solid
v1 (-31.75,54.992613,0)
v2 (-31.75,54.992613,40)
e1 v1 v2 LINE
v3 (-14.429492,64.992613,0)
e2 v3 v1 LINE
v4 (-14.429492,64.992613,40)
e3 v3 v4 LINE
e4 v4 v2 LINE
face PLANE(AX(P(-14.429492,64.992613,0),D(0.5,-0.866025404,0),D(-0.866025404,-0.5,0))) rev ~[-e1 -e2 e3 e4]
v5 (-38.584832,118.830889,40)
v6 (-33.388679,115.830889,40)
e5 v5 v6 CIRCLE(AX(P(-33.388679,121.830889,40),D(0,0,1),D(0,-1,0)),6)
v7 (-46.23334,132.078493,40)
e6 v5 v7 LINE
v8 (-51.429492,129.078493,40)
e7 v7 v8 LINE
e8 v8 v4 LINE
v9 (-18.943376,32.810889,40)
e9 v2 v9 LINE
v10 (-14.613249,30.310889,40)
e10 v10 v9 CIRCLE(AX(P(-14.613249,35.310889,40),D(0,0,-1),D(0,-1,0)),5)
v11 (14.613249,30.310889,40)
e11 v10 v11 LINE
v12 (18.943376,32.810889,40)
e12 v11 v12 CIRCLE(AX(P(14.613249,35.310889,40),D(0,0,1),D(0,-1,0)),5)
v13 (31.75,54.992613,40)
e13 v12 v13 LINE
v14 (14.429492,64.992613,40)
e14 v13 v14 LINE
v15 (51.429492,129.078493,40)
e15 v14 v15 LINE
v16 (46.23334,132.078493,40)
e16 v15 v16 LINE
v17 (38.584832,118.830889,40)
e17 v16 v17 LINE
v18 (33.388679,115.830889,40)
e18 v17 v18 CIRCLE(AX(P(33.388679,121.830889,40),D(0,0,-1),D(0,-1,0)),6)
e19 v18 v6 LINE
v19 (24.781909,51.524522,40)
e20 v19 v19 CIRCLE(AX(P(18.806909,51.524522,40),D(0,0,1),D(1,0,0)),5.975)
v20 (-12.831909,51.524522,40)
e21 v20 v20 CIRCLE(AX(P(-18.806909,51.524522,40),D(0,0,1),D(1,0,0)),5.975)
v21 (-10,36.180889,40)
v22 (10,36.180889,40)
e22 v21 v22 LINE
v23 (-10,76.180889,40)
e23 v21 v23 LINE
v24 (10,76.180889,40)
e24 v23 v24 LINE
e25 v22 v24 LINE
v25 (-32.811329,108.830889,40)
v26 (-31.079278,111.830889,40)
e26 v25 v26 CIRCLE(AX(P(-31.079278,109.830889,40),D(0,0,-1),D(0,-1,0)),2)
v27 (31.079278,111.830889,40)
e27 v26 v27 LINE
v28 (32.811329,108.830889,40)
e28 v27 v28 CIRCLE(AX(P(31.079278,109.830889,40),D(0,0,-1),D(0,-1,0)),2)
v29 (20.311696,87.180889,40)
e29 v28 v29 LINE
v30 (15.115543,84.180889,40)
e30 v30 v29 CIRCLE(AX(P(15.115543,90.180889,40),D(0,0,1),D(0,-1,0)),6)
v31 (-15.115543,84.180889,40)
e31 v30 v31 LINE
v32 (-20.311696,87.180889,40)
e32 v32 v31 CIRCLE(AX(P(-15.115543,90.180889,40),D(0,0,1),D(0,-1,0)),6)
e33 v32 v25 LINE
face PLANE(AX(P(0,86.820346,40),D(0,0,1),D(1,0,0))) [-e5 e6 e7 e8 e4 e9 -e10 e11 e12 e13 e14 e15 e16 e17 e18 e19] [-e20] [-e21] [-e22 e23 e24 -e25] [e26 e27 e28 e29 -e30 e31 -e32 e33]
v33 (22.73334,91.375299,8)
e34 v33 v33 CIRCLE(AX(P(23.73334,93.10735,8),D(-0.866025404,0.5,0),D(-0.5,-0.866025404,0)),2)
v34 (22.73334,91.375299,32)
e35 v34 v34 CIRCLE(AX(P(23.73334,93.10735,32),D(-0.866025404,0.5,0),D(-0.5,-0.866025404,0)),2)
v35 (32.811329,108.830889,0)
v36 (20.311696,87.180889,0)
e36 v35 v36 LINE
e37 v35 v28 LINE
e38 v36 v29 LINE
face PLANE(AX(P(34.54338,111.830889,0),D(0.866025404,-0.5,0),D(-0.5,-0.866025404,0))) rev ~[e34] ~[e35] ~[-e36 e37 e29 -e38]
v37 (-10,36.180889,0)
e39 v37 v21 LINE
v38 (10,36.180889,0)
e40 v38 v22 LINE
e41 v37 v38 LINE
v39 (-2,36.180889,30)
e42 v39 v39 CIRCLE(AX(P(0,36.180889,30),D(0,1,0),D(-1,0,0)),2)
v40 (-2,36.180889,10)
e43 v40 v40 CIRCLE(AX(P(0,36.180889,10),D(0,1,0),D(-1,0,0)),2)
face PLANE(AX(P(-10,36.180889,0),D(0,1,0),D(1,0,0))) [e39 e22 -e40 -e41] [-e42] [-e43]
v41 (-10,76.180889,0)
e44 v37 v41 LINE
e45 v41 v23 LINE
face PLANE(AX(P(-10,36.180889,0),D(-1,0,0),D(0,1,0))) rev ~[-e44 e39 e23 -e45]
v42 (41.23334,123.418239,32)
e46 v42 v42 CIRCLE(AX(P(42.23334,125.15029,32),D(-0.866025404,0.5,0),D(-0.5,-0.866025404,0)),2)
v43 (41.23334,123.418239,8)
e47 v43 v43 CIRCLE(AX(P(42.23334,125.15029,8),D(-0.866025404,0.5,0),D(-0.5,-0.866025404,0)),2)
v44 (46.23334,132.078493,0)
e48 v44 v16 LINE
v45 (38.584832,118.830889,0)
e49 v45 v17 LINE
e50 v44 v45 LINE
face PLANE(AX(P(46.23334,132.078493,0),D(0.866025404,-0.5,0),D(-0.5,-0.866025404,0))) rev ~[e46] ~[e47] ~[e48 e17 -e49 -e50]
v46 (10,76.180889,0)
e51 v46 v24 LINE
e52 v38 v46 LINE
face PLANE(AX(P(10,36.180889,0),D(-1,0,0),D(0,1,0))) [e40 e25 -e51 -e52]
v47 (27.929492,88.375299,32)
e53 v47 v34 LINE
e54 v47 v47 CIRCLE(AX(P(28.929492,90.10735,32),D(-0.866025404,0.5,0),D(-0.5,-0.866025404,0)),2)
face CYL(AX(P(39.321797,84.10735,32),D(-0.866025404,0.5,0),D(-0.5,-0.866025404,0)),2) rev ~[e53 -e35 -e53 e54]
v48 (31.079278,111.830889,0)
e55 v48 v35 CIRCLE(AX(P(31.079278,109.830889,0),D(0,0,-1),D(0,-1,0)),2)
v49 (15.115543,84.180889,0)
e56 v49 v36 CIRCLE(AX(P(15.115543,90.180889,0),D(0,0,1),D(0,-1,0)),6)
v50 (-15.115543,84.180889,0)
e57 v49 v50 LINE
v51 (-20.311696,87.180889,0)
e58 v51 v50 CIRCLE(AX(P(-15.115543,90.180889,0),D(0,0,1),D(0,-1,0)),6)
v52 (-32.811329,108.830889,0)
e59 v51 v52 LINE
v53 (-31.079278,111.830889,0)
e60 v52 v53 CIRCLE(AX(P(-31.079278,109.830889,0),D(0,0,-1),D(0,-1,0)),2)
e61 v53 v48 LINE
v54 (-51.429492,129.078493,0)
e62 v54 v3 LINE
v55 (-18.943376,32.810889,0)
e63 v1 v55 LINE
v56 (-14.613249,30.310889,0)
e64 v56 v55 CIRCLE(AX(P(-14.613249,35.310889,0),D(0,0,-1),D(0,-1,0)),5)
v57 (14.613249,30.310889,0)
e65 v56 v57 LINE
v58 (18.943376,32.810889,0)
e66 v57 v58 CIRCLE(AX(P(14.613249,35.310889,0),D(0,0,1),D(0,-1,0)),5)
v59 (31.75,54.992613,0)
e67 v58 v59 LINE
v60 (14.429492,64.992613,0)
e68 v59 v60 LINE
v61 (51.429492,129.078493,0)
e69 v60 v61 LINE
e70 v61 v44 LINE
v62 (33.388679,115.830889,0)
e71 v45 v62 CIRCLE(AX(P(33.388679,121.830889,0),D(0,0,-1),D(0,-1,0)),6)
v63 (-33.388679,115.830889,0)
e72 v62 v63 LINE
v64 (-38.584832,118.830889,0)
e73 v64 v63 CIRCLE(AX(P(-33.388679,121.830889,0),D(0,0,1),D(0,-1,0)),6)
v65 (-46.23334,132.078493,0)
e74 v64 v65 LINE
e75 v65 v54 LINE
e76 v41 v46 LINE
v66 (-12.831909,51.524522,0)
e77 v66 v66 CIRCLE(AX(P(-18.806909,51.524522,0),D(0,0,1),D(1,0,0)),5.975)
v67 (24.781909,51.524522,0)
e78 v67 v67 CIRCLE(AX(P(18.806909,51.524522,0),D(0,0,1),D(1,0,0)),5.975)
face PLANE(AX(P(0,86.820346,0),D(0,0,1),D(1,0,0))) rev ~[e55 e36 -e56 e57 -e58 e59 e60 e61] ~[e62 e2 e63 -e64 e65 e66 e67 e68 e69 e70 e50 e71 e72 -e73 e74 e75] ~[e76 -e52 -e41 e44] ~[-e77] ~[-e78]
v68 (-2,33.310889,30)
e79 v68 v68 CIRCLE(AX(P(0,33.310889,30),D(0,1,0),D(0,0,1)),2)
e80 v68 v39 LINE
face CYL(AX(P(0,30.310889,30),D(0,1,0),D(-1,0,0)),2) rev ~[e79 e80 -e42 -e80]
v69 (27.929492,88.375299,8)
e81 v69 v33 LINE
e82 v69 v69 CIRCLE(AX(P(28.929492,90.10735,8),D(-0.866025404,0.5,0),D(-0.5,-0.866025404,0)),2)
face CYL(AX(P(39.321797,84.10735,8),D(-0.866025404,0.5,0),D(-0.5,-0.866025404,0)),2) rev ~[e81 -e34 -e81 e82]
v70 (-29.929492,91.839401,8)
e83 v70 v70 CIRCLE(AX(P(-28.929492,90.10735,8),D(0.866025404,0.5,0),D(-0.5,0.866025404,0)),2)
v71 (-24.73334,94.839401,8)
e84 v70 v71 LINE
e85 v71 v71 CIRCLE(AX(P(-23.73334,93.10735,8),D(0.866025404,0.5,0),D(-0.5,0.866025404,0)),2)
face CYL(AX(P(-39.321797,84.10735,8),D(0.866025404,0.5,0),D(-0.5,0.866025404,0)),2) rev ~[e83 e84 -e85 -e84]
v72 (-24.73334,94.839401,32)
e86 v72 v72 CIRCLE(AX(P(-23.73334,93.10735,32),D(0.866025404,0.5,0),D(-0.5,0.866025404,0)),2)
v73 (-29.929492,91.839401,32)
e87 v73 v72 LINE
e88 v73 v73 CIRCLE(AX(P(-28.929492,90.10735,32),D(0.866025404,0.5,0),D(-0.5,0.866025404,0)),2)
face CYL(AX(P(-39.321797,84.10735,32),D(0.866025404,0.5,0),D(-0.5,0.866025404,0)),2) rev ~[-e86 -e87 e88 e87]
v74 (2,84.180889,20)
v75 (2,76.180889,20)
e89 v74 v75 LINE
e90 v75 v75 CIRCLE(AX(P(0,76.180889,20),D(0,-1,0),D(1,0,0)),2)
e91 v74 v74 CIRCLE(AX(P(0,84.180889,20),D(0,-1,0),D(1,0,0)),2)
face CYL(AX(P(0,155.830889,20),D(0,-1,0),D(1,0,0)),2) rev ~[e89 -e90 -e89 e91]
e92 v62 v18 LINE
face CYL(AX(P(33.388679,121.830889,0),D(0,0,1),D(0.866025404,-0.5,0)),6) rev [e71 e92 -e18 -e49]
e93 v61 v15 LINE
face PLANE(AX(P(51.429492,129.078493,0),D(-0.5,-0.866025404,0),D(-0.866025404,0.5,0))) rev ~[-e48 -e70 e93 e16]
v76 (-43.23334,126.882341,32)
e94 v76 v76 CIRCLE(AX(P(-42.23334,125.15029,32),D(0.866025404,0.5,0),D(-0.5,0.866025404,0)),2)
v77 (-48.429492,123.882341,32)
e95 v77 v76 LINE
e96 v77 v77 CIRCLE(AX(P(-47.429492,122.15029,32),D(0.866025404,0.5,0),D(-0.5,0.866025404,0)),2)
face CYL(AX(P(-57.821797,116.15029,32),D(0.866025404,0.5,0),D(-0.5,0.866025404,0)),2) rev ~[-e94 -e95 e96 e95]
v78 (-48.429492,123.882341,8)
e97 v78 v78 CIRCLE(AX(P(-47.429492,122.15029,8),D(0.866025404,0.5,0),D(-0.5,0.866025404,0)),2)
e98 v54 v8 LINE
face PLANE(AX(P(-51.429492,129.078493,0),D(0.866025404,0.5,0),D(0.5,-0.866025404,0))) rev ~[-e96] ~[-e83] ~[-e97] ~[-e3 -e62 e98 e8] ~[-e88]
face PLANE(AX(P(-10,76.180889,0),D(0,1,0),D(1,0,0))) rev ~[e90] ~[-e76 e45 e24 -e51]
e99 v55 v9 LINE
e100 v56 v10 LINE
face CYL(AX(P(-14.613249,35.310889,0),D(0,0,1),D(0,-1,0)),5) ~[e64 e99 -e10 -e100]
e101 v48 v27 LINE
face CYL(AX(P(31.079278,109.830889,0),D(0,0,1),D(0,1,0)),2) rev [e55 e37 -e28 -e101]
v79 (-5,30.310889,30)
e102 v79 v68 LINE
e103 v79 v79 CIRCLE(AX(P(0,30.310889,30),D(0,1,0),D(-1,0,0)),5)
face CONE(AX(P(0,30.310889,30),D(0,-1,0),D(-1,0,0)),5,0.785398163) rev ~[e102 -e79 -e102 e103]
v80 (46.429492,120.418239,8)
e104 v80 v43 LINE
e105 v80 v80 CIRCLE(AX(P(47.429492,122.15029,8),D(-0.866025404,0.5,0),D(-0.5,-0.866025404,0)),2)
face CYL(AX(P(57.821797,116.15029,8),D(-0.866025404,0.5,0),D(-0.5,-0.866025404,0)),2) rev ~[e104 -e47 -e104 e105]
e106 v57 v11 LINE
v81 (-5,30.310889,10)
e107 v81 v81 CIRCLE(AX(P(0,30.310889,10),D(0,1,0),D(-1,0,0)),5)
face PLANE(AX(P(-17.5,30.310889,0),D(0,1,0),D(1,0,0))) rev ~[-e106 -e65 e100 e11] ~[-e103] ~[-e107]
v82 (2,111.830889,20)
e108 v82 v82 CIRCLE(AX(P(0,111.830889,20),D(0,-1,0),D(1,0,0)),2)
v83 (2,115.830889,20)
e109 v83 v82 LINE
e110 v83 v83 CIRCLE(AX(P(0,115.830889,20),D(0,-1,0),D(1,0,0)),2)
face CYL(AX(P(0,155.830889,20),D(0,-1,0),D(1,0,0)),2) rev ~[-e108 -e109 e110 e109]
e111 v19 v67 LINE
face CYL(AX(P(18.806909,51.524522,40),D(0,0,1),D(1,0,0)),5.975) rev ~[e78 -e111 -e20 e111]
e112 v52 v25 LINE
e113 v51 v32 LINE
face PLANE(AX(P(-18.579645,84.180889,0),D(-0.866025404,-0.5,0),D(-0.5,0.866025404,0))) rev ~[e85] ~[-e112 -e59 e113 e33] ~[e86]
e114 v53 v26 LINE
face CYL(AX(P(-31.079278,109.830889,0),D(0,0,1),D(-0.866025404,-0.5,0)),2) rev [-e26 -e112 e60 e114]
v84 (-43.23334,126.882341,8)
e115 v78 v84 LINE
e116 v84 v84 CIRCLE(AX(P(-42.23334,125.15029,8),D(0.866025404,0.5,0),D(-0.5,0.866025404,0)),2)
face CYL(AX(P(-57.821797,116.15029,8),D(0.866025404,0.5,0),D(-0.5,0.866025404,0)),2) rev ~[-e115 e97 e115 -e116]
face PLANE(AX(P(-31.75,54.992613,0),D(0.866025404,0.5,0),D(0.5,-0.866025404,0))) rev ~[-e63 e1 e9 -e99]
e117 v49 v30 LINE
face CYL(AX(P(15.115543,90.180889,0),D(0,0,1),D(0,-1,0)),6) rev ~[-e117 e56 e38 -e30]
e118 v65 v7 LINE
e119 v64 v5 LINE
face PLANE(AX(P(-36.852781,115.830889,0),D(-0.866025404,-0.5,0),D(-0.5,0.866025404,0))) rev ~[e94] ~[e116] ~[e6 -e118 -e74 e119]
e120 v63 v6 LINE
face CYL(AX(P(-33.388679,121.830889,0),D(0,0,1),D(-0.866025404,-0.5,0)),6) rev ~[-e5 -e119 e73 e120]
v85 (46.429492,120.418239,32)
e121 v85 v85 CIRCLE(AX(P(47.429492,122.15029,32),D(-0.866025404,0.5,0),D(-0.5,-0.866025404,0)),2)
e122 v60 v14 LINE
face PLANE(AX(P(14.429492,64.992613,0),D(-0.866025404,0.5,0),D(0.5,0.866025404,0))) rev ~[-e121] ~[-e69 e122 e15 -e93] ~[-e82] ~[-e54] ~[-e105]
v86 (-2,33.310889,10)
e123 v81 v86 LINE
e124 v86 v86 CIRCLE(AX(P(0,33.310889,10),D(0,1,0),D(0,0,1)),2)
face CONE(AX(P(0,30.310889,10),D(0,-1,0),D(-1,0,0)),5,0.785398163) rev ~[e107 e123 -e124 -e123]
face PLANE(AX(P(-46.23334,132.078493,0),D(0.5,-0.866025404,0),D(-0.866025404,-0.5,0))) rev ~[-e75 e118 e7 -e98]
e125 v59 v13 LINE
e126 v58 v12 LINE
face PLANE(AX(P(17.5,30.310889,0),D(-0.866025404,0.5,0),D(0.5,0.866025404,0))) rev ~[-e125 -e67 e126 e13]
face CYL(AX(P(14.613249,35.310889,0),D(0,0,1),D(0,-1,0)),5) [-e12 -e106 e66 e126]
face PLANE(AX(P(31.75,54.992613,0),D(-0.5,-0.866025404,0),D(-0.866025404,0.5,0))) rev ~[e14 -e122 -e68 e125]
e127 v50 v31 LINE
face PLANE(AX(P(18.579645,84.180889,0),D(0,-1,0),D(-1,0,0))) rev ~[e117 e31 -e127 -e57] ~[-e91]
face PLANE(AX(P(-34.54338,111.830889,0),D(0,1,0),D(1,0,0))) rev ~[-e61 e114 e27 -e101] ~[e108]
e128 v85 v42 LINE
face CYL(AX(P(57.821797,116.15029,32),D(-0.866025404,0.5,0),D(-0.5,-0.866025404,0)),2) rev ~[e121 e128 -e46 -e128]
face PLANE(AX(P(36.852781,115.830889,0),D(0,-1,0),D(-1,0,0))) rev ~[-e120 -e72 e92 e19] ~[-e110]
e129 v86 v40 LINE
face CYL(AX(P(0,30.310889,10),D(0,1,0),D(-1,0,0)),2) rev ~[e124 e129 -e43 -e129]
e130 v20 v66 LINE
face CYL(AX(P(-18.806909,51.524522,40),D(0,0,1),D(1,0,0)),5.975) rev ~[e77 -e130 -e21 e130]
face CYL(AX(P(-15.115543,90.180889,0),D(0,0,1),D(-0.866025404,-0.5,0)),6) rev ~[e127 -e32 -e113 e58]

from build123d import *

# Parameters (mm, degrees)
F0_W            = 20
F0_H            = 40
F1_DEPTH        = 40
F2_R            = 5
F3_R            = 6
F4_R            = 2
F5_R            = 5.975
F6_DEPTH        = 40.001
F8_D            = 4
F8_DEPTH        = 40
F8_TIP          = 1.2017212381
F10_D           = 4
F10_DEPTH       = 12
F10_TIP         = 1.2017212381
F12_D           = 4
F12_DEPTH       = 12
F12_TIP         = 1.2017212381
F14_D           = 4
F14_DEPTH       = 12
F14_CSINK_D     = 10
F14_CSINK_ANGLE = 90
F14_TIP         = 1.2017212381


with BuildPart() as f1:
    # F0 (on Top) → F1 (new body)
    with BuildSketch(Plane.XY):
        Polygon((-17.5, 30.3108891325), (17.5, 30.3108891325), (31.75, 54.9926131403), (14.4294919243, 64.9926131403), (51.4294919243, 129.0784930204), (46.2333395016, 132.0784930204), (36.8527810232, 115.8308891325), (-36.8527810232, 115.8308891325), (-46.2333395016, 132.0784930204), (-51.4294919243, 129.0784930204), (-14.4294919243, 64.9926131403), (-31.75, 54.9926131403), align=None)
        with Locations((0, 56.1808891325)):
            Rectangle(F0_W, F0_H, mode=Mode.SUBTRACT)
        Polygon((34.5433799465, 111.8308891325), (18.5796450034, 84.1808891325), (-18.5796450034, 84.1808891325), (-34.5433799465, 111.8308891325), align=None, mode=Mode.SUBTRACT)
    extrude(amount=F1_DEPTH)

    # F2
    f2_edges = [f1.edges().sort_by_distance(p)[0] for p in [
        (-17.5, 30.310889, 20),
        (17.5, 30.310889, 20),
    ]]
    fillet(f2_edges, radius=F2_R)

    # F3
    f3_edges = [f1.edges().sort_by_distance(p)[0] for p in [
        (18.579645, 84.180889, 20),
        (-18.579645, 84.180889, 20),
        (-36.852781, 115.830889, 20),
        (36.852781, 115.830889, 20),
    ]]
    fillet(f3_edges, radius=F3_R)

    # F4
    f4_edges = [f1.edges().sort_by_distance(p)[0] for p in [
        (34.54338, 111.830889, 20),
        (-34.54338, 111.830889, 20),
    ]]
    fillet(f4_edges, radius=F4_R)

    # F5 (on face) → F6 (cut, through all)
    with BuildSketch(Plane.XY.offset(40)):
        with Locations((-18.8069092991, 51.5245224395)):
            Circle(F5_R)
        with Locations((18.8069092991, 51.5245224395)):
            Circle(F5_R)
    extrude(amount=-F6_DEPTH, mode=Mode.SUBTRACT)

    # F8
    with Locations(Plane(origin=(0, 115.8308891325, 0), x_dir=(-1, 0, 0), z_dir=(0, 1, 0))):
        with Locations((0, 20)):
            Hole(F8_D / 2, depth=F8_DEPTH)
            with Locations((0, 0, -(F8_DEPTH + F8_TIP / 2))):  # 118° drill point
                Cone(0, F8_D / 2, F8_TIP, mode=Mode.SUBTRACT)

    # F10
    with Locations(Plane(origin=(-17.3205080757, 10, 0), x_dir=(0.5, 0.8660254038, 0), z_dir=(0.8660254038, -0.5, 0))):
        with Locations((129.5, 32), (92.5, 32), (92.5, 8), (129.5, 8)):
            Hole(F10_D / 2, depth=F10_DEPTH)
            with Locations((0, 0, -(F10_DEPTH + F10_TIP / 2))):  # 118° drill point
                Cone(0, F10_D / 2, F10_TIP, mode=Mode.SUBTRACT)

    # F12
    with Locations(Plane(origin=(17.3205080757, 10, 0), x_dir=(0.5, -0.8660254038, 0), z_dir=(-0.8660254038, -0.5, 0))):
        with Locations((-129.5, 32), (-129.5, 8), (-92.5, 8), (-92.5, 32)):
            Hole(F12_D / 2, depth=F12_DEPTH)
            with Locations((0, 0, -(F12_DEPTH + F12_TIP / 2))):  # 118° drill point
                Cone(0, F12_D / 2, F12_TIP, mode=Mode.SUBTRACT)

    # F14
    with Locations(Plane.XZ.offset(-30.3108891325)):
        with Locations((0, 30), (0, 10)):
            CounterSinkHole(F14_D / 2, F14_CSINK_D / 2, depth=F14_DEPTH, counter_sink_angle=F14_CSINK_ANGLE)
            with Locations((0, 0, -(F14_DEPTH + F14_TIP / 2))):  # 118° drill point
                Cone(0, F14_D / 2, F14_TIP, mode=Mode.SUBTRACT)


solid = f1.part
